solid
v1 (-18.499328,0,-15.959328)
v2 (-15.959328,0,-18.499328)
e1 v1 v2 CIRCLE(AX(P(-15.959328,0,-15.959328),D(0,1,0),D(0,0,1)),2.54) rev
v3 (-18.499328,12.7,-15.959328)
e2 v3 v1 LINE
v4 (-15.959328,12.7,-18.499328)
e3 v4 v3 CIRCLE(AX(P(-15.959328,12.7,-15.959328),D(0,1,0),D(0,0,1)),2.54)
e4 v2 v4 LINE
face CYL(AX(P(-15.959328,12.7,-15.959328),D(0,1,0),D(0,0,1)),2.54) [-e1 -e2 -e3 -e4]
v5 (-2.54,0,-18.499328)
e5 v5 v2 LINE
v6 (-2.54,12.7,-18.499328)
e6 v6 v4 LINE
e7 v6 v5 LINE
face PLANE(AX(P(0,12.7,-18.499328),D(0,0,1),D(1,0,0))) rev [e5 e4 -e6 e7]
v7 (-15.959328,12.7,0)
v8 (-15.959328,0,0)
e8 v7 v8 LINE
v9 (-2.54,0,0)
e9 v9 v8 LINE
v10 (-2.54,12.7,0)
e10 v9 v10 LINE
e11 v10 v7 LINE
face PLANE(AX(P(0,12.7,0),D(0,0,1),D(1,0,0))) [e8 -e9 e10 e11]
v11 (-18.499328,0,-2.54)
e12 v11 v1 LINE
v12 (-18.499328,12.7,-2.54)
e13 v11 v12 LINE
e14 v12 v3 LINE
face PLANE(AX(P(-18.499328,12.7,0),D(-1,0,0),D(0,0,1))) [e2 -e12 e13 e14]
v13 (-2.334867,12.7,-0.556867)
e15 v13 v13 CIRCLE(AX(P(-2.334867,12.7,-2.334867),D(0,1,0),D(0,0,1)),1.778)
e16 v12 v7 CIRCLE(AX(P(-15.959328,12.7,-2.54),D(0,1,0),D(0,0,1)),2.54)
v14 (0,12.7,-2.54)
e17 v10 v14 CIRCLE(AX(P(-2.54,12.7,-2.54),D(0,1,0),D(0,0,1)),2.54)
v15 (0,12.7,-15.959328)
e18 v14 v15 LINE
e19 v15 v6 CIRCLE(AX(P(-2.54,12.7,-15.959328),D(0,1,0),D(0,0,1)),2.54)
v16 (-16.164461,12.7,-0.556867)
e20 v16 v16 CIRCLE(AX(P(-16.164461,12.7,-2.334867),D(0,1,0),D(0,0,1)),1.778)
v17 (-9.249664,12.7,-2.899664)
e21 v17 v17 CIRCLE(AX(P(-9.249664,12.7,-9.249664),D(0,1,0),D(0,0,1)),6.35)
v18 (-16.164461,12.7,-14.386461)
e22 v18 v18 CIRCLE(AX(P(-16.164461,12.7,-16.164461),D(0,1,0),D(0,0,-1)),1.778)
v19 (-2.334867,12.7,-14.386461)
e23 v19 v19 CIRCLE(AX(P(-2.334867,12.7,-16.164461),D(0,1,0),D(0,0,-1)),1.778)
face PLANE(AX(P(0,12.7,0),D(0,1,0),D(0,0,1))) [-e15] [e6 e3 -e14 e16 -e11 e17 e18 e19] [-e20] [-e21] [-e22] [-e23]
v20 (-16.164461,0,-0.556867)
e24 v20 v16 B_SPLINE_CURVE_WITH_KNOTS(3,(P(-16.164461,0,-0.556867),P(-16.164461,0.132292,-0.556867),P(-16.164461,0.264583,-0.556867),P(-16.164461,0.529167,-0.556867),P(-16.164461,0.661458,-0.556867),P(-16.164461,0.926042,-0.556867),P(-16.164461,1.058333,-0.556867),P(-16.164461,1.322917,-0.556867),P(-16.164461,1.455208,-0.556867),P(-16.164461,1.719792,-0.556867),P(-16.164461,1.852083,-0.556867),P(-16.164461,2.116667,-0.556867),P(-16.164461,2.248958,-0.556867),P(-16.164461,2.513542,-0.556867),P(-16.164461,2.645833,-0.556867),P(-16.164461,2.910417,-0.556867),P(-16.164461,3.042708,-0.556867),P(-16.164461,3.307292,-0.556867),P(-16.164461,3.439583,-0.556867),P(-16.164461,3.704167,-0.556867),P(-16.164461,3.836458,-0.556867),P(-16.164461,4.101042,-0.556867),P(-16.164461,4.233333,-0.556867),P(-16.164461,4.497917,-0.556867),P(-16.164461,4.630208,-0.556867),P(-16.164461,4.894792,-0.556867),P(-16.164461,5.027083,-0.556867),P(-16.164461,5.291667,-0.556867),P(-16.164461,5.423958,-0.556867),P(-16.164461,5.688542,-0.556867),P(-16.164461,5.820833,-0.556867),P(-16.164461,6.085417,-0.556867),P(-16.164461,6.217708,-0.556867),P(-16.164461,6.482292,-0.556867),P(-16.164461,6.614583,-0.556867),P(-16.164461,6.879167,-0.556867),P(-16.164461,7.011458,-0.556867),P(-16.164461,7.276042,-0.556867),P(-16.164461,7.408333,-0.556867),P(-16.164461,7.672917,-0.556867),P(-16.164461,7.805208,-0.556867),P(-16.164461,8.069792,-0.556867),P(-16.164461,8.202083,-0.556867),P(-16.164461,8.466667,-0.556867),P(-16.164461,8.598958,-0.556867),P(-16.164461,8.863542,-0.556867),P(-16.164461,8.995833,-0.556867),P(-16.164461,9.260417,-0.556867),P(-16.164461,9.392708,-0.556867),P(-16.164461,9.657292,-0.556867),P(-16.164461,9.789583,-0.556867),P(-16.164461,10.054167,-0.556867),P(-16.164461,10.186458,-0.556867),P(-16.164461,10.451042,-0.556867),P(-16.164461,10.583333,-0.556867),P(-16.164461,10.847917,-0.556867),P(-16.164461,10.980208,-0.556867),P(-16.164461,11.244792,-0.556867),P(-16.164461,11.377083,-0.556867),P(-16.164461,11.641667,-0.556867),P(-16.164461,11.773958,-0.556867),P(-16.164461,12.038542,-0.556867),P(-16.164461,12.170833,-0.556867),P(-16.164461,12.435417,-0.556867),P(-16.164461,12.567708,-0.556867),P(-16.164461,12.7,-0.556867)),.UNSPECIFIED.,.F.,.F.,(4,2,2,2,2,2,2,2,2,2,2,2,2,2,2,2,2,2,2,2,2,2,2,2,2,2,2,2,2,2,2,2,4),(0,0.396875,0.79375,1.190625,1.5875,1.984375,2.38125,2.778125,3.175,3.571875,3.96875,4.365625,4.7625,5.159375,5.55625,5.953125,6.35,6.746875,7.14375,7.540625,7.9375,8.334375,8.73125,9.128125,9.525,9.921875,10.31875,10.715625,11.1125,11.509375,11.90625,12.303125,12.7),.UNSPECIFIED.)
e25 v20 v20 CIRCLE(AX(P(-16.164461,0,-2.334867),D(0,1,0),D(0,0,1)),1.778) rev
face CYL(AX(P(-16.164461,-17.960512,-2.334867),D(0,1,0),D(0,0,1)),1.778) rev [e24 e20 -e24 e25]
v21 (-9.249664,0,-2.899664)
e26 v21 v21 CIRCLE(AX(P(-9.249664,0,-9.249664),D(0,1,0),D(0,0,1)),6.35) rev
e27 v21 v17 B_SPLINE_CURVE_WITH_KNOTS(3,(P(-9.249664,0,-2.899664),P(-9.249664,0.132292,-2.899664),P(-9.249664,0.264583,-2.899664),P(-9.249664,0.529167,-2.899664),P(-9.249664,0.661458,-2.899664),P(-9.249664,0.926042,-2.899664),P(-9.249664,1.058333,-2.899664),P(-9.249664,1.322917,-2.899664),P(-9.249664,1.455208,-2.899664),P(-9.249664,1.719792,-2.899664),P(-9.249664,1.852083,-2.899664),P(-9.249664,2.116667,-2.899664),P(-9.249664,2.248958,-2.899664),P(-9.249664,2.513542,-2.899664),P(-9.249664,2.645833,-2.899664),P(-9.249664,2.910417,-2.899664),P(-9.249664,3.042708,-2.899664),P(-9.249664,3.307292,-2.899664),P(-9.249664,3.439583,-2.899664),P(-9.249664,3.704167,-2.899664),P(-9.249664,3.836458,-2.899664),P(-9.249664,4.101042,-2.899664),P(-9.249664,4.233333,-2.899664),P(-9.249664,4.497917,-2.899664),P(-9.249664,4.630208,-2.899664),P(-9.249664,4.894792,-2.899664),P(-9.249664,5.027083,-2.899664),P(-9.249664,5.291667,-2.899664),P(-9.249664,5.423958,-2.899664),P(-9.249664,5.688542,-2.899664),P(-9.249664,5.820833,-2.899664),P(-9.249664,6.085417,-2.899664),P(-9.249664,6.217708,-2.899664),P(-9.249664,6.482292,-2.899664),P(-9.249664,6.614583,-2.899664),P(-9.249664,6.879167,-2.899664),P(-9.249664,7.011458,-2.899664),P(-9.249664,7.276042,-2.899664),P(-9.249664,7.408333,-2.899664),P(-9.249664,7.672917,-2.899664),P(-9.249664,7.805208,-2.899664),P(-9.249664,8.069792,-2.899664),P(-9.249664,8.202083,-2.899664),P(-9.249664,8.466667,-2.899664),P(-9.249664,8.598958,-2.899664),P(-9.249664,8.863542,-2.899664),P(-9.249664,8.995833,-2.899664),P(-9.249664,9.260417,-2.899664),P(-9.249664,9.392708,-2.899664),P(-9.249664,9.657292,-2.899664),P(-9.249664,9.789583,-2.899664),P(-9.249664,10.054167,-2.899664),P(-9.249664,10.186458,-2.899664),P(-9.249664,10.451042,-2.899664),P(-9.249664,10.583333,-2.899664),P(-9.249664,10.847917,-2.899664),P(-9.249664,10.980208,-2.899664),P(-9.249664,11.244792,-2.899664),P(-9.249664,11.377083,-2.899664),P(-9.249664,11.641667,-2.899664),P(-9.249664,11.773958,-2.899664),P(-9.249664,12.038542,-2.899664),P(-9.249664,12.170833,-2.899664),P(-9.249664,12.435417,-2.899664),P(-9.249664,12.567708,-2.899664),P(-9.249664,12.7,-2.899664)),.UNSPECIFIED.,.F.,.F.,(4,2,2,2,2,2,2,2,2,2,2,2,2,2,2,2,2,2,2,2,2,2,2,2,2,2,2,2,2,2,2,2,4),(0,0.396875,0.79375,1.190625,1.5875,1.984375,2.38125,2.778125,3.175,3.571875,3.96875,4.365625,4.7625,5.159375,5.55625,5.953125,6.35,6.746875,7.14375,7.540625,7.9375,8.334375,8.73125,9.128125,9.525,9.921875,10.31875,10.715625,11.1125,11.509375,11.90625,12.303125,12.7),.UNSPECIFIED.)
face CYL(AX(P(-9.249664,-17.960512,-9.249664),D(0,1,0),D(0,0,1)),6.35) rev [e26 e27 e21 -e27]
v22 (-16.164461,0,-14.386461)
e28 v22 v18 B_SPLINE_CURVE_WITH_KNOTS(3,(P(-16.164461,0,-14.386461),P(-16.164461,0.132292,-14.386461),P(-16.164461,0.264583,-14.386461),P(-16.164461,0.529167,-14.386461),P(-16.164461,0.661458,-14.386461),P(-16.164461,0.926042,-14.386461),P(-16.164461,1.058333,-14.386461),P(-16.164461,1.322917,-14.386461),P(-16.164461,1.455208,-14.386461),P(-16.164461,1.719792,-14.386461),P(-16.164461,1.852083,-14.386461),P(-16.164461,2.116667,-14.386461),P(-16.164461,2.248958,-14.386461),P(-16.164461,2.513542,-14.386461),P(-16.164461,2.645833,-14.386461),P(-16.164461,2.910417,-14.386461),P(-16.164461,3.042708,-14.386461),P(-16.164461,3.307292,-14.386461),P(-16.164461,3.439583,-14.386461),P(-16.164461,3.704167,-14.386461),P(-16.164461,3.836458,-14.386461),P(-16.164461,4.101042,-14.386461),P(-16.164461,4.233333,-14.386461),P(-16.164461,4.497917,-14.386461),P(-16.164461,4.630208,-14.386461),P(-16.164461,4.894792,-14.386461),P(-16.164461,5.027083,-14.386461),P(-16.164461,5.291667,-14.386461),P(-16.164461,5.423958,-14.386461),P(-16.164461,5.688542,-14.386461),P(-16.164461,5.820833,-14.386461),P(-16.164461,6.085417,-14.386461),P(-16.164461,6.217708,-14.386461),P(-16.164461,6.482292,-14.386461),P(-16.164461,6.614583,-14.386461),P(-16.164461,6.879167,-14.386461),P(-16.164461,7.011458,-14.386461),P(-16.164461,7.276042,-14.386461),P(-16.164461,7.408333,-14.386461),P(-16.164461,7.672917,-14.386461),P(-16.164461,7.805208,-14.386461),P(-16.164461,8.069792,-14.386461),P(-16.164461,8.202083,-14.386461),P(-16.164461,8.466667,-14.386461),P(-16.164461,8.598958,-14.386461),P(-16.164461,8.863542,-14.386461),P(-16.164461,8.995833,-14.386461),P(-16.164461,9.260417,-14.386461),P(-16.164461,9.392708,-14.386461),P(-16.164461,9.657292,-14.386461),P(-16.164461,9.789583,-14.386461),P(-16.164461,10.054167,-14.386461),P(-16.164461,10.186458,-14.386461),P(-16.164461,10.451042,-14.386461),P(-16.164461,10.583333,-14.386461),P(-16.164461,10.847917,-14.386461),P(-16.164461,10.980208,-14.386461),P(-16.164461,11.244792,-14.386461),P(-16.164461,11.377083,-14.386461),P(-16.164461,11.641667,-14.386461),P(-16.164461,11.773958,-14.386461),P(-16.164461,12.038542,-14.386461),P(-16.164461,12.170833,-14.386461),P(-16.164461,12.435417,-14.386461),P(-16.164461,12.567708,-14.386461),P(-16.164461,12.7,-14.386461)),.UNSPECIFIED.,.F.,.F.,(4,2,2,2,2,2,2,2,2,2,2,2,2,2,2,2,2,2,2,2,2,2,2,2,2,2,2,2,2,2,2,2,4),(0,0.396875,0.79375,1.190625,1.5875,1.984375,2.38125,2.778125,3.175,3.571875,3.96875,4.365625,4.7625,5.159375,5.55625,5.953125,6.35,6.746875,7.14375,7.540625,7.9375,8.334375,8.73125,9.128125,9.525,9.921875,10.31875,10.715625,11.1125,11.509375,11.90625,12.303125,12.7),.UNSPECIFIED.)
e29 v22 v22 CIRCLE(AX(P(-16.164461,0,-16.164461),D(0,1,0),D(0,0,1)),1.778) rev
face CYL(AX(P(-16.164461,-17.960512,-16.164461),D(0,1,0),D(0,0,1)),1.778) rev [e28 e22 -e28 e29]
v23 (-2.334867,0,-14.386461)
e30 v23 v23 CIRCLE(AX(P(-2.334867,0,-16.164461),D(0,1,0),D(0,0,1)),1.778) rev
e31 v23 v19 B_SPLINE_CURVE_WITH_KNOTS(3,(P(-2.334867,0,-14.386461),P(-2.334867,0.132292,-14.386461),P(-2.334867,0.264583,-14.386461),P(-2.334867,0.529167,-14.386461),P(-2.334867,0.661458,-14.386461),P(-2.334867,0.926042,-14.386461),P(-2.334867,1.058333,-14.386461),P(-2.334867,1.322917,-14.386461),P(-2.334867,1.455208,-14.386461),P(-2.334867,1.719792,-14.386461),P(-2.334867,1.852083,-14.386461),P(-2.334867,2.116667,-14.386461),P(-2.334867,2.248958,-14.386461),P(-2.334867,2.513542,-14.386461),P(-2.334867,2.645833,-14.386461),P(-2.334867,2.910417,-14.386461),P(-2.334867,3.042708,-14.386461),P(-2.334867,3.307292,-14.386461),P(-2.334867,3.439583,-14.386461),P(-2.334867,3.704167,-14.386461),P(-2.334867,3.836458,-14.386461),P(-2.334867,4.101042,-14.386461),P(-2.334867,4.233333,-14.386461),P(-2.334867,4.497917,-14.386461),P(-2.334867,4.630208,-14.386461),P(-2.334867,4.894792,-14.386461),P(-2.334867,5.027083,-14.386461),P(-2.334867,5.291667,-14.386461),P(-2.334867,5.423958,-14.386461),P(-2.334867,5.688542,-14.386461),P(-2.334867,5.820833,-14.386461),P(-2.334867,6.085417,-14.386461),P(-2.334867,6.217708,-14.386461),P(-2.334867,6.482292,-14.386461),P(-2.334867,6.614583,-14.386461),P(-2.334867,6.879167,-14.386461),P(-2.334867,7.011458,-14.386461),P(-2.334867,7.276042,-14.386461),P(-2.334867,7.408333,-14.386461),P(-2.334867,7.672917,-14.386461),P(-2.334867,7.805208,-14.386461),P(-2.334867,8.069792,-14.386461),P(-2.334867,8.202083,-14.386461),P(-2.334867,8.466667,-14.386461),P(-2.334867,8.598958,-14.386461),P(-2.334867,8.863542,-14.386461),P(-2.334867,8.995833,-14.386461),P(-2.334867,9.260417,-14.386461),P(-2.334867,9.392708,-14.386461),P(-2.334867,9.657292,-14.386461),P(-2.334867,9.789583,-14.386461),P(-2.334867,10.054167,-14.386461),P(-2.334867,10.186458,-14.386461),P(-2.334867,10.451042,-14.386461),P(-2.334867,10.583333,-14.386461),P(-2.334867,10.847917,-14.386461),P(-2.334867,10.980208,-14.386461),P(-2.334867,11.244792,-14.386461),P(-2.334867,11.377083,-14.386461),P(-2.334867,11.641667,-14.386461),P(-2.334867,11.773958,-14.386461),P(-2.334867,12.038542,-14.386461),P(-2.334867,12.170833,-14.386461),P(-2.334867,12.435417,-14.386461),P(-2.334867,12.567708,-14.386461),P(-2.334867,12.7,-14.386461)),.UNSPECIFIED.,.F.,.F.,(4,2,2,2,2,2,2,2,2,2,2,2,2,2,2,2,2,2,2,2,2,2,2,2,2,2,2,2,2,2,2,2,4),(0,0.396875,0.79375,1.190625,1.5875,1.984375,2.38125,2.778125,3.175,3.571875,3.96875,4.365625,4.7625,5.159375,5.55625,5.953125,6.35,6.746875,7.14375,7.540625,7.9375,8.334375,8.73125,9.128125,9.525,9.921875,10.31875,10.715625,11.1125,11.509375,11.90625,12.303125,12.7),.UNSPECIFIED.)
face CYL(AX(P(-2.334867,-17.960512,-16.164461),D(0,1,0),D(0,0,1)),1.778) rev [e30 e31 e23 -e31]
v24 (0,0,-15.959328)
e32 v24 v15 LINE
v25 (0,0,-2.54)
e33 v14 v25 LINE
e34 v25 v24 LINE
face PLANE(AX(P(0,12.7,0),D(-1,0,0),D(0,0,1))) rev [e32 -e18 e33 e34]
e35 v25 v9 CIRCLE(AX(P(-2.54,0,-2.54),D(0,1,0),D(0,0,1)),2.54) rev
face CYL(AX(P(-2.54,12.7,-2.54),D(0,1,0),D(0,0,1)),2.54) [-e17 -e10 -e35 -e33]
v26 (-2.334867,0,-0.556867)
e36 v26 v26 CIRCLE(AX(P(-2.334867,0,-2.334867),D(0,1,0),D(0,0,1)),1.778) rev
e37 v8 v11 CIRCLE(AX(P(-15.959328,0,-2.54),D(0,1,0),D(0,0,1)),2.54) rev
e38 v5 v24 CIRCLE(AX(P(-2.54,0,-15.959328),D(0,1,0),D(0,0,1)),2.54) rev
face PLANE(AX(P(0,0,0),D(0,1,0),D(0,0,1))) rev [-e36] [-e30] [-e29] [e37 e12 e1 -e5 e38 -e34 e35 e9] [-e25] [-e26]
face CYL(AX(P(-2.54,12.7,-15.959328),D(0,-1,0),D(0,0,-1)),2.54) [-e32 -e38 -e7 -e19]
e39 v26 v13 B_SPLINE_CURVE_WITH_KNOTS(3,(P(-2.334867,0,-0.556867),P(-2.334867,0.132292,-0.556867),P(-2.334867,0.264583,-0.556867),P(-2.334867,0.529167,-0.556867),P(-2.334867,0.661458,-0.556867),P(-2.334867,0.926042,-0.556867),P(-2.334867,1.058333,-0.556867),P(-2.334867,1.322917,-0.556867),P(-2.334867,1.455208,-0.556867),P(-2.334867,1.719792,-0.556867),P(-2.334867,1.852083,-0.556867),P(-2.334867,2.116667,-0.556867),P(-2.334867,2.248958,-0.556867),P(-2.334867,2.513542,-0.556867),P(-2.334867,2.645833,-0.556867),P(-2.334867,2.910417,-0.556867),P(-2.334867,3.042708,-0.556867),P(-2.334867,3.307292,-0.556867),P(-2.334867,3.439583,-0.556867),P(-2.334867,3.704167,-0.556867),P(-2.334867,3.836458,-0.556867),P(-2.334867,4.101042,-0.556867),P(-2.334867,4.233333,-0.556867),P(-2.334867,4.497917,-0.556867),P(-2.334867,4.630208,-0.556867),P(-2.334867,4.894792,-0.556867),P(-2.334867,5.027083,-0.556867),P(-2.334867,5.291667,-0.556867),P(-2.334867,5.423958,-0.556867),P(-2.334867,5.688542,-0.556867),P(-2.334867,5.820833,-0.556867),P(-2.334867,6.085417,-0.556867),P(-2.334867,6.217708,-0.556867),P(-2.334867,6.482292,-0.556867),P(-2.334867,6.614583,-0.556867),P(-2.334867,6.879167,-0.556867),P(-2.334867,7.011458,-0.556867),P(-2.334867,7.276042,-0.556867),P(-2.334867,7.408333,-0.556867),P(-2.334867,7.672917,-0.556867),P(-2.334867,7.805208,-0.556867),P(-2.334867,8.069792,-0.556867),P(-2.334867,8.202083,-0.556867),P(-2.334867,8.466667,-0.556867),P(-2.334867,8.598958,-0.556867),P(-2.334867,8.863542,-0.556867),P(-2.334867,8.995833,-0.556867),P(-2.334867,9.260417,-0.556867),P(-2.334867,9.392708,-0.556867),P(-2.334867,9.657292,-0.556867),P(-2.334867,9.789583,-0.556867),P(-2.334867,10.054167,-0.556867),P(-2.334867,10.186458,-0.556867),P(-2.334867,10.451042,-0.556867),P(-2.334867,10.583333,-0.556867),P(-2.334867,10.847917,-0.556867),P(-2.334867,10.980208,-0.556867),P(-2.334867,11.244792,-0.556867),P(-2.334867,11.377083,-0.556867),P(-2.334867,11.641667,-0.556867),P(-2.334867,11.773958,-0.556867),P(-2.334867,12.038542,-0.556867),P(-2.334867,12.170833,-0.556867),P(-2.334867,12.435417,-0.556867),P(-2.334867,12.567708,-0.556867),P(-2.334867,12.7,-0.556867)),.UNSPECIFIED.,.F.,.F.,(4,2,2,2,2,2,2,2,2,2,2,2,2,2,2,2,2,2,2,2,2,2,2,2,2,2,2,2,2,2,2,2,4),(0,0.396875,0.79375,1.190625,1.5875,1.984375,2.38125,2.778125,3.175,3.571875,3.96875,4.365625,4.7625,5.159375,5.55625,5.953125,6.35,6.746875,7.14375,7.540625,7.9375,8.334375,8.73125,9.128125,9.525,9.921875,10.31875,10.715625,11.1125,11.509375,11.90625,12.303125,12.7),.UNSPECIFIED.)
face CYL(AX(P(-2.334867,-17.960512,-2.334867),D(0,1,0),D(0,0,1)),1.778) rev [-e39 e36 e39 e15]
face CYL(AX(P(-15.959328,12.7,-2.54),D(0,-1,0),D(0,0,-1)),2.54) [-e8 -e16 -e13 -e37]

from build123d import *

# Parameters (mm, degrees)
SKETCH3_W           = 18.499327609
SKETCH3_H           = 18.499327609
BOSS_EXTRUDE2_DEPTH = 12.7
FILLET2_R           = 2.54
SKETCH4_R           = 6.35
SKETCH4_R_2         = 1.778
CUT_EXTRUDE1_DEPTH  = 12.7


with BuildPart() as part:
    # Sketch3 → Boss-Extrude2 (new body)
    with BuildSketch(Plane(origin=(0, 0, 0), x_dir=(1, 0, 0), z_dir=(0, 1, 0))):
        with Locations((-9.249663805, 9.249663805)):
            Rectangle(SKETCH3_W, SKETCH3_H)
    extrude(amount=BOSS_EXTRUDE2_DEPTH)

    # Fillet2
    fillet2_edges = [part.edges().sort_by_distance(p)[0] for p in [
        (0, 6.35, 0),
        (-18.499327609, 6.35, 0),
        (-18.499327609, 6.35, -18.499327609),
        (0, 6.35, -18.499327609),
    ]]
    fillet(fillet2_edges, radius=FILLET2_R)

    # Sketch4 → Cut-Extrude1 (cut)
    with BuildSketch(Plane(origin=(0, 12.7, 0), x_dir=(1, 0, 0), z_dir=(0, 1, 0))):
        with Locations(Location((-9.249663805, 9.249663805, 0), (0, 0, 270))):
            Circle(SKETCH4_R)
        with Locations(Location((-2.334866591, 2.334866591, 0), (0, 0, 270))):
            Circle(SKETCH4_R_2)
        with Locations(Location((-16.164461018, 2.334866591, 0), (0, 0, 270))):
            Circle(SKETCH4_R_2)
        with Locations(Location((-16.164461018, 16.164461018, 0), (0, 0, 270))):
            Circle(SKETCH4_R_2)
        with Locations(Location((-2.334866591, 16.164461018, 0), (0, 0, 270))):
            Circle(SKETCH4_R_2)
    extrude(amount=-CUT_EXTRUDE1_DEPTH, mode=Mode.SUBTRACT)


solid = part.part
